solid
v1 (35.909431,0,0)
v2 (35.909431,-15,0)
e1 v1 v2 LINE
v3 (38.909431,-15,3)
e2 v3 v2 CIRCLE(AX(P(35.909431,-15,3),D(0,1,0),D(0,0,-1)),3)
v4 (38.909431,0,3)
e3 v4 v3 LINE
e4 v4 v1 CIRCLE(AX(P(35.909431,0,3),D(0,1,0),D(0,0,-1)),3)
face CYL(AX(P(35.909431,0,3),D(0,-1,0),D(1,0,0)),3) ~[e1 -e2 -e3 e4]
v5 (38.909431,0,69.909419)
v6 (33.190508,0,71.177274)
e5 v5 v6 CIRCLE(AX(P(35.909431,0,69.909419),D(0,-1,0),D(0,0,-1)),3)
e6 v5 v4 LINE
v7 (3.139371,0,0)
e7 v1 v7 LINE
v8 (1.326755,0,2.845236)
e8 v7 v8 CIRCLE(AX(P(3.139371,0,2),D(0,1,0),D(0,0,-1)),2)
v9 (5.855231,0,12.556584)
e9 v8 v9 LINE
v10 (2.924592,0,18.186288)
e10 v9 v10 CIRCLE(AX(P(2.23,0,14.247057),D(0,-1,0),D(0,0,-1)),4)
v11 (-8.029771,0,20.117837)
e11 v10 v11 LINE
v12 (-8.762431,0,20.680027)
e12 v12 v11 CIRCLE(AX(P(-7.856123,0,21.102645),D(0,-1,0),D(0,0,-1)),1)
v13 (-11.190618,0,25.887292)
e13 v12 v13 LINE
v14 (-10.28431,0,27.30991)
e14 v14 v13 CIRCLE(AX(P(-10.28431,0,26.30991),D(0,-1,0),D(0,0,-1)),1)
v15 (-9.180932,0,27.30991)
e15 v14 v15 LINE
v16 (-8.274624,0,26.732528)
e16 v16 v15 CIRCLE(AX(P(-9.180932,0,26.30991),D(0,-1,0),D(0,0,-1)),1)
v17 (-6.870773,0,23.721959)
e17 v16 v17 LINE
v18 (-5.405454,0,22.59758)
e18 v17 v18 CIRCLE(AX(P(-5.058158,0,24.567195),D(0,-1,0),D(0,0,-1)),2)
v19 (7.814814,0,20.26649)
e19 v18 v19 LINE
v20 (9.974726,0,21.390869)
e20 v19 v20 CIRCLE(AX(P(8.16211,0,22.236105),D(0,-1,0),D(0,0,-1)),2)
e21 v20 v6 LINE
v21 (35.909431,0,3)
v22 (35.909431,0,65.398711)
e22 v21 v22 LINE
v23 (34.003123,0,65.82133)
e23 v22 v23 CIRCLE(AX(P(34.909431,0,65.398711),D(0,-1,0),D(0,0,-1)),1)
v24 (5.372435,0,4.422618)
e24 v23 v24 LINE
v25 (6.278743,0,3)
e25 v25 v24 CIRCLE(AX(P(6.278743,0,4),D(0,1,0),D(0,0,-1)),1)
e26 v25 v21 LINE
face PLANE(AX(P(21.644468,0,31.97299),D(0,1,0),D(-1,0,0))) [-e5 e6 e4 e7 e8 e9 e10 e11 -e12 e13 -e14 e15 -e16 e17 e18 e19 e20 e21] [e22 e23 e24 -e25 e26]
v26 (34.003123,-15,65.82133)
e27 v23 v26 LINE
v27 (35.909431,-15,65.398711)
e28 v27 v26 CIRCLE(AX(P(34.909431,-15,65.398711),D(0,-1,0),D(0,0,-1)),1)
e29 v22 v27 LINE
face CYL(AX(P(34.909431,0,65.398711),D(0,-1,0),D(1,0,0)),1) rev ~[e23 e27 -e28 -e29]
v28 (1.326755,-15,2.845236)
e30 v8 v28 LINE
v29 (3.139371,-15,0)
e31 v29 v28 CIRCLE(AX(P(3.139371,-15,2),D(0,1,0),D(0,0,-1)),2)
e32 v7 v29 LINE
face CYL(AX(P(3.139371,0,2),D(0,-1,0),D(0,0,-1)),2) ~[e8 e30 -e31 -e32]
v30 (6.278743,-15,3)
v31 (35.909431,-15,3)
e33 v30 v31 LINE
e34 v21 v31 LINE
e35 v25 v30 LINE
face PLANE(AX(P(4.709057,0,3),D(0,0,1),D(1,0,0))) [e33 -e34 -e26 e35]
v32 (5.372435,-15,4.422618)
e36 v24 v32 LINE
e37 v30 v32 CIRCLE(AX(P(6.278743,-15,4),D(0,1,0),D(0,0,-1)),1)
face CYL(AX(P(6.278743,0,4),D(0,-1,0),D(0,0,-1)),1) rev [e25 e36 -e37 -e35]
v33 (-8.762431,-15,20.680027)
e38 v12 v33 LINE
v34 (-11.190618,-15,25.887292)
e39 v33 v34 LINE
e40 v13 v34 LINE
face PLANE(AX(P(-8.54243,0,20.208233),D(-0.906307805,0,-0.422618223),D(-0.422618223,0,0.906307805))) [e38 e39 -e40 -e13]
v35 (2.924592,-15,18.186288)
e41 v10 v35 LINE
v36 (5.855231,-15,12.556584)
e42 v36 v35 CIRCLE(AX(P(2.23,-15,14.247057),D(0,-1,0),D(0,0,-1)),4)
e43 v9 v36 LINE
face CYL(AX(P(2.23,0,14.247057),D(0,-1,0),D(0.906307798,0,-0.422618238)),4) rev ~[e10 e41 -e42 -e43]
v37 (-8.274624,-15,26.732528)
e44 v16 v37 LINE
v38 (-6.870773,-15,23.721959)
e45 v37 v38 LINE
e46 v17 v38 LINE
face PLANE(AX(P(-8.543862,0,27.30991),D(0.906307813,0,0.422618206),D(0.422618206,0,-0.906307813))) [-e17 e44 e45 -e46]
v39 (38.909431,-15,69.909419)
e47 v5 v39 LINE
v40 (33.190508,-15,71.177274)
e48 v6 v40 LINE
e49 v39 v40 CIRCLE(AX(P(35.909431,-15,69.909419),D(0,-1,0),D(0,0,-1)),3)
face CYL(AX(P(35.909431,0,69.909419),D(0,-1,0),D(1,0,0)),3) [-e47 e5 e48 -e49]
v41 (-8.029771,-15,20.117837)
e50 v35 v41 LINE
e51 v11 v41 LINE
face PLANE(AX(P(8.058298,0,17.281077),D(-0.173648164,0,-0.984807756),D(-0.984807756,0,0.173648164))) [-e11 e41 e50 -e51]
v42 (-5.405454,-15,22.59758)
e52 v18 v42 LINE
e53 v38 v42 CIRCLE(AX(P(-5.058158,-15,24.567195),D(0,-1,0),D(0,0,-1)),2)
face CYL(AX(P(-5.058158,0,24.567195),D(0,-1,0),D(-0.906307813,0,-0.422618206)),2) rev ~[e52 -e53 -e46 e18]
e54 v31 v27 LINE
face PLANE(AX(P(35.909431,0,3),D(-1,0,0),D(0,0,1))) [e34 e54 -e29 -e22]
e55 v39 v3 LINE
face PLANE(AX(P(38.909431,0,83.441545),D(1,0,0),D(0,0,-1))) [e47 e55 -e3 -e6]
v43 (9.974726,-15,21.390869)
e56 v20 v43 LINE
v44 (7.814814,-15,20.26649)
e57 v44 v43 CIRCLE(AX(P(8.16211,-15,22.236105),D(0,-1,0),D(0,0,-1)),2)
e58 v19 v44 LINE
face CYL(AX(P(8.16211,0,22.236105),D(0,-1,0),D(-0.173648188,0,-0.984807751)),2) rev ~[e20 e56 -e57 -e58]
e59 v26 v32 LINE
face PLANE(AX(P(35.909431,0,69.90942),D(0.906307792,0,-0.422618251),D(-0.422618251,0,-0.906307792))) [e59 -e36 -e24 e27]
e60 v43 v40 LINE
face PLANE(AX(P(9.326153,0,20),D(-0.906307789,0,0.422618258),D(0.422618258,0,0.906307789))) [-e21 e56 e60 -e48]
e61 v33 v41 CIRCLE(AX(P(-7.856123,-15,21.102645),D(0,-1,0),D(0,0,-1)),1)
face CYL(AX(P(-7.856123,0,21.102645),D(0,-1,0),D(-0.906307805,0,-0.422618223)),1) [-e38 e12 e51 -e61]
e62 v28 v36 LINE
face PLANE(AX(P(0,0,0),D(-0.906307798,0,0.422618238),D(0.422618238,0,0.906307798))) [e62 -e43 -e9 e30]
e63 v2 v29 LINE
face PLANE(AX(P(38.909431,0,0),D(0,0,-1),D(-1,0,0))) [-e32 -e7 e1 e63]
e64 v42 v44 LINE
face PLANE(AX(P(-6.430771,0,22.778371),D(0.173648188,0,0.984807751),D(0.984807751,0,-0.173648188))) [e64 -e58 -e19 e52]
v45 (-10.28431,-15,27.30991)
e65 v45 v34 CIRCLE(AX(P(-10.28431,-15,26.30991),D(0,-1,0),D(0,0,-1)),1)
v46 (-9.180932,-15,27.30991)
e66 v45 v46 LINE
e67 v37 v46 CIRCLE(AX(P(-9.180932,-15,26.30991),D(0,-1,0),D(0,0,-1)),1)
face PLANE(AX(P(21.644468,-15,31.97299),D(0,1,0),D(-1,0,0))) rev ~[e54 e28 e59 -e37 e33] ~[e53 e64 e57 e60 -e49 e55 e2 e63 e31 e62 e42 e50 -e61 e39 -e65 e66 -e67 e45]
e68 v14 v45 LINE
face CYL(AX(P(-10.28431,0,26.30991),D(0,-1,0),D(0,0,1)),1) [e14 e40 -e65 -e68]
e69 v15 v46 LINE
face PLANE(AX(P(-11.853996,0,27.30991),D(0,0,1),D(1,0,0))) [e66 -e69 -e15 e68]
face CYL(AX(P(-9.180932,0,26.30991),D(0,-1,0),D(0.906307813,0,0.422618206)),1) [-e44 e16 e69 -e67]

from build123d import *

# Parameters (mm, degrees)
PAD_DEPTH   = 15
FILLET_R    = 3
FILLET001_R = 2
FILLET002_R = 3
FILLET003_R = 1
FILLET004_R = 1
FILLET005_R = 4
FILLET006_R = 2
FILLET007_R = 1


with BuildPart() as part:
    # Sketch → Pad (new body)
    with BuildSketch(Plane.XZ):
        Polygon((38.909431, 83.441545), (38.909431, 0), (0, 0), (8.058298, 17.281077), (-8.54243, 20.208233), (-11.853996, 27.30991), (-8.543862, 27.30991), (-6.430771, 22.778371), (9.326153, 20), align=None)
        Polygon((35.909431, 69.90942), (4.709057, 3), (35.909431, 3), align=None, mode=Mode.SUBTRACT)
    extrude(amount=PAD_DEPTH)

    # Fillet
    fillet_edges = [part.edges().sort_by_distance(p)[0] for p in [
        (38.909431, -7.5, 0),
    ]]
    fillet(fillet_edges, radius=FILLET_R)

    # Fillet001
    fillet001_edges = [part.edges().sort_by_distance(p)[0] for p in [
        (0, -7.5, 0),
    ]]
    fillet(fillet001_edges, radius=FILLET001_R)

    # Fillet002
    fillet002_edges = [part.edges().sort_by_distance(p)[0] for p in [
        (38.909431, -7.5, 83.441545),
    ]]
    fillet(fillet002_edges, radius=FILLET002_R)

    # Fillet003
    fillet003_edges = [part.edges().sort_by_distance(p)[0] for p in [
        (35.909431, -7.5, 69.90942),
    ]]
    fillet(fillet003_edges, radius=FILLET003_R)

    # Fillet004
    fillet004_edges = [part.edges().sort_by_distance(p)[0] for p in [
        (4.709057, -7.5, 3),
    ]]
    fillet(fillet004_edges, radius=FILLET004_R)

    # Fillet005
    fillet005_edges = [part.edges().sort_by_distance(p)[0] for p in [
        (8.058298, -7.5, 17.281077),
    ]]
    fillet(fillet005_edges, radius=FILLET005_R)

    # Fillet006
    fillet006_edges = [part.edges().sort_by_distance(p)[0] for p in [
        (-6.430771, -7.5, 22.778371),
        (9.326153, -7.5, 20),
    ]]
    fillet(fillet006_edges, radius=FILLET006_R)

    # Fillet007
    fillet007_edges = [part.edges().sort_by_distance(p)[0] for p in [
        (-8.543862, -7.5, 27.30991),
        (-11.853996, -7.5, 27.30991),
        (-8.54243, -7.5, 20.208233),
    ]]
    fillet(fillet007_edges, radius=FILLET007_R)


solid = part.part
